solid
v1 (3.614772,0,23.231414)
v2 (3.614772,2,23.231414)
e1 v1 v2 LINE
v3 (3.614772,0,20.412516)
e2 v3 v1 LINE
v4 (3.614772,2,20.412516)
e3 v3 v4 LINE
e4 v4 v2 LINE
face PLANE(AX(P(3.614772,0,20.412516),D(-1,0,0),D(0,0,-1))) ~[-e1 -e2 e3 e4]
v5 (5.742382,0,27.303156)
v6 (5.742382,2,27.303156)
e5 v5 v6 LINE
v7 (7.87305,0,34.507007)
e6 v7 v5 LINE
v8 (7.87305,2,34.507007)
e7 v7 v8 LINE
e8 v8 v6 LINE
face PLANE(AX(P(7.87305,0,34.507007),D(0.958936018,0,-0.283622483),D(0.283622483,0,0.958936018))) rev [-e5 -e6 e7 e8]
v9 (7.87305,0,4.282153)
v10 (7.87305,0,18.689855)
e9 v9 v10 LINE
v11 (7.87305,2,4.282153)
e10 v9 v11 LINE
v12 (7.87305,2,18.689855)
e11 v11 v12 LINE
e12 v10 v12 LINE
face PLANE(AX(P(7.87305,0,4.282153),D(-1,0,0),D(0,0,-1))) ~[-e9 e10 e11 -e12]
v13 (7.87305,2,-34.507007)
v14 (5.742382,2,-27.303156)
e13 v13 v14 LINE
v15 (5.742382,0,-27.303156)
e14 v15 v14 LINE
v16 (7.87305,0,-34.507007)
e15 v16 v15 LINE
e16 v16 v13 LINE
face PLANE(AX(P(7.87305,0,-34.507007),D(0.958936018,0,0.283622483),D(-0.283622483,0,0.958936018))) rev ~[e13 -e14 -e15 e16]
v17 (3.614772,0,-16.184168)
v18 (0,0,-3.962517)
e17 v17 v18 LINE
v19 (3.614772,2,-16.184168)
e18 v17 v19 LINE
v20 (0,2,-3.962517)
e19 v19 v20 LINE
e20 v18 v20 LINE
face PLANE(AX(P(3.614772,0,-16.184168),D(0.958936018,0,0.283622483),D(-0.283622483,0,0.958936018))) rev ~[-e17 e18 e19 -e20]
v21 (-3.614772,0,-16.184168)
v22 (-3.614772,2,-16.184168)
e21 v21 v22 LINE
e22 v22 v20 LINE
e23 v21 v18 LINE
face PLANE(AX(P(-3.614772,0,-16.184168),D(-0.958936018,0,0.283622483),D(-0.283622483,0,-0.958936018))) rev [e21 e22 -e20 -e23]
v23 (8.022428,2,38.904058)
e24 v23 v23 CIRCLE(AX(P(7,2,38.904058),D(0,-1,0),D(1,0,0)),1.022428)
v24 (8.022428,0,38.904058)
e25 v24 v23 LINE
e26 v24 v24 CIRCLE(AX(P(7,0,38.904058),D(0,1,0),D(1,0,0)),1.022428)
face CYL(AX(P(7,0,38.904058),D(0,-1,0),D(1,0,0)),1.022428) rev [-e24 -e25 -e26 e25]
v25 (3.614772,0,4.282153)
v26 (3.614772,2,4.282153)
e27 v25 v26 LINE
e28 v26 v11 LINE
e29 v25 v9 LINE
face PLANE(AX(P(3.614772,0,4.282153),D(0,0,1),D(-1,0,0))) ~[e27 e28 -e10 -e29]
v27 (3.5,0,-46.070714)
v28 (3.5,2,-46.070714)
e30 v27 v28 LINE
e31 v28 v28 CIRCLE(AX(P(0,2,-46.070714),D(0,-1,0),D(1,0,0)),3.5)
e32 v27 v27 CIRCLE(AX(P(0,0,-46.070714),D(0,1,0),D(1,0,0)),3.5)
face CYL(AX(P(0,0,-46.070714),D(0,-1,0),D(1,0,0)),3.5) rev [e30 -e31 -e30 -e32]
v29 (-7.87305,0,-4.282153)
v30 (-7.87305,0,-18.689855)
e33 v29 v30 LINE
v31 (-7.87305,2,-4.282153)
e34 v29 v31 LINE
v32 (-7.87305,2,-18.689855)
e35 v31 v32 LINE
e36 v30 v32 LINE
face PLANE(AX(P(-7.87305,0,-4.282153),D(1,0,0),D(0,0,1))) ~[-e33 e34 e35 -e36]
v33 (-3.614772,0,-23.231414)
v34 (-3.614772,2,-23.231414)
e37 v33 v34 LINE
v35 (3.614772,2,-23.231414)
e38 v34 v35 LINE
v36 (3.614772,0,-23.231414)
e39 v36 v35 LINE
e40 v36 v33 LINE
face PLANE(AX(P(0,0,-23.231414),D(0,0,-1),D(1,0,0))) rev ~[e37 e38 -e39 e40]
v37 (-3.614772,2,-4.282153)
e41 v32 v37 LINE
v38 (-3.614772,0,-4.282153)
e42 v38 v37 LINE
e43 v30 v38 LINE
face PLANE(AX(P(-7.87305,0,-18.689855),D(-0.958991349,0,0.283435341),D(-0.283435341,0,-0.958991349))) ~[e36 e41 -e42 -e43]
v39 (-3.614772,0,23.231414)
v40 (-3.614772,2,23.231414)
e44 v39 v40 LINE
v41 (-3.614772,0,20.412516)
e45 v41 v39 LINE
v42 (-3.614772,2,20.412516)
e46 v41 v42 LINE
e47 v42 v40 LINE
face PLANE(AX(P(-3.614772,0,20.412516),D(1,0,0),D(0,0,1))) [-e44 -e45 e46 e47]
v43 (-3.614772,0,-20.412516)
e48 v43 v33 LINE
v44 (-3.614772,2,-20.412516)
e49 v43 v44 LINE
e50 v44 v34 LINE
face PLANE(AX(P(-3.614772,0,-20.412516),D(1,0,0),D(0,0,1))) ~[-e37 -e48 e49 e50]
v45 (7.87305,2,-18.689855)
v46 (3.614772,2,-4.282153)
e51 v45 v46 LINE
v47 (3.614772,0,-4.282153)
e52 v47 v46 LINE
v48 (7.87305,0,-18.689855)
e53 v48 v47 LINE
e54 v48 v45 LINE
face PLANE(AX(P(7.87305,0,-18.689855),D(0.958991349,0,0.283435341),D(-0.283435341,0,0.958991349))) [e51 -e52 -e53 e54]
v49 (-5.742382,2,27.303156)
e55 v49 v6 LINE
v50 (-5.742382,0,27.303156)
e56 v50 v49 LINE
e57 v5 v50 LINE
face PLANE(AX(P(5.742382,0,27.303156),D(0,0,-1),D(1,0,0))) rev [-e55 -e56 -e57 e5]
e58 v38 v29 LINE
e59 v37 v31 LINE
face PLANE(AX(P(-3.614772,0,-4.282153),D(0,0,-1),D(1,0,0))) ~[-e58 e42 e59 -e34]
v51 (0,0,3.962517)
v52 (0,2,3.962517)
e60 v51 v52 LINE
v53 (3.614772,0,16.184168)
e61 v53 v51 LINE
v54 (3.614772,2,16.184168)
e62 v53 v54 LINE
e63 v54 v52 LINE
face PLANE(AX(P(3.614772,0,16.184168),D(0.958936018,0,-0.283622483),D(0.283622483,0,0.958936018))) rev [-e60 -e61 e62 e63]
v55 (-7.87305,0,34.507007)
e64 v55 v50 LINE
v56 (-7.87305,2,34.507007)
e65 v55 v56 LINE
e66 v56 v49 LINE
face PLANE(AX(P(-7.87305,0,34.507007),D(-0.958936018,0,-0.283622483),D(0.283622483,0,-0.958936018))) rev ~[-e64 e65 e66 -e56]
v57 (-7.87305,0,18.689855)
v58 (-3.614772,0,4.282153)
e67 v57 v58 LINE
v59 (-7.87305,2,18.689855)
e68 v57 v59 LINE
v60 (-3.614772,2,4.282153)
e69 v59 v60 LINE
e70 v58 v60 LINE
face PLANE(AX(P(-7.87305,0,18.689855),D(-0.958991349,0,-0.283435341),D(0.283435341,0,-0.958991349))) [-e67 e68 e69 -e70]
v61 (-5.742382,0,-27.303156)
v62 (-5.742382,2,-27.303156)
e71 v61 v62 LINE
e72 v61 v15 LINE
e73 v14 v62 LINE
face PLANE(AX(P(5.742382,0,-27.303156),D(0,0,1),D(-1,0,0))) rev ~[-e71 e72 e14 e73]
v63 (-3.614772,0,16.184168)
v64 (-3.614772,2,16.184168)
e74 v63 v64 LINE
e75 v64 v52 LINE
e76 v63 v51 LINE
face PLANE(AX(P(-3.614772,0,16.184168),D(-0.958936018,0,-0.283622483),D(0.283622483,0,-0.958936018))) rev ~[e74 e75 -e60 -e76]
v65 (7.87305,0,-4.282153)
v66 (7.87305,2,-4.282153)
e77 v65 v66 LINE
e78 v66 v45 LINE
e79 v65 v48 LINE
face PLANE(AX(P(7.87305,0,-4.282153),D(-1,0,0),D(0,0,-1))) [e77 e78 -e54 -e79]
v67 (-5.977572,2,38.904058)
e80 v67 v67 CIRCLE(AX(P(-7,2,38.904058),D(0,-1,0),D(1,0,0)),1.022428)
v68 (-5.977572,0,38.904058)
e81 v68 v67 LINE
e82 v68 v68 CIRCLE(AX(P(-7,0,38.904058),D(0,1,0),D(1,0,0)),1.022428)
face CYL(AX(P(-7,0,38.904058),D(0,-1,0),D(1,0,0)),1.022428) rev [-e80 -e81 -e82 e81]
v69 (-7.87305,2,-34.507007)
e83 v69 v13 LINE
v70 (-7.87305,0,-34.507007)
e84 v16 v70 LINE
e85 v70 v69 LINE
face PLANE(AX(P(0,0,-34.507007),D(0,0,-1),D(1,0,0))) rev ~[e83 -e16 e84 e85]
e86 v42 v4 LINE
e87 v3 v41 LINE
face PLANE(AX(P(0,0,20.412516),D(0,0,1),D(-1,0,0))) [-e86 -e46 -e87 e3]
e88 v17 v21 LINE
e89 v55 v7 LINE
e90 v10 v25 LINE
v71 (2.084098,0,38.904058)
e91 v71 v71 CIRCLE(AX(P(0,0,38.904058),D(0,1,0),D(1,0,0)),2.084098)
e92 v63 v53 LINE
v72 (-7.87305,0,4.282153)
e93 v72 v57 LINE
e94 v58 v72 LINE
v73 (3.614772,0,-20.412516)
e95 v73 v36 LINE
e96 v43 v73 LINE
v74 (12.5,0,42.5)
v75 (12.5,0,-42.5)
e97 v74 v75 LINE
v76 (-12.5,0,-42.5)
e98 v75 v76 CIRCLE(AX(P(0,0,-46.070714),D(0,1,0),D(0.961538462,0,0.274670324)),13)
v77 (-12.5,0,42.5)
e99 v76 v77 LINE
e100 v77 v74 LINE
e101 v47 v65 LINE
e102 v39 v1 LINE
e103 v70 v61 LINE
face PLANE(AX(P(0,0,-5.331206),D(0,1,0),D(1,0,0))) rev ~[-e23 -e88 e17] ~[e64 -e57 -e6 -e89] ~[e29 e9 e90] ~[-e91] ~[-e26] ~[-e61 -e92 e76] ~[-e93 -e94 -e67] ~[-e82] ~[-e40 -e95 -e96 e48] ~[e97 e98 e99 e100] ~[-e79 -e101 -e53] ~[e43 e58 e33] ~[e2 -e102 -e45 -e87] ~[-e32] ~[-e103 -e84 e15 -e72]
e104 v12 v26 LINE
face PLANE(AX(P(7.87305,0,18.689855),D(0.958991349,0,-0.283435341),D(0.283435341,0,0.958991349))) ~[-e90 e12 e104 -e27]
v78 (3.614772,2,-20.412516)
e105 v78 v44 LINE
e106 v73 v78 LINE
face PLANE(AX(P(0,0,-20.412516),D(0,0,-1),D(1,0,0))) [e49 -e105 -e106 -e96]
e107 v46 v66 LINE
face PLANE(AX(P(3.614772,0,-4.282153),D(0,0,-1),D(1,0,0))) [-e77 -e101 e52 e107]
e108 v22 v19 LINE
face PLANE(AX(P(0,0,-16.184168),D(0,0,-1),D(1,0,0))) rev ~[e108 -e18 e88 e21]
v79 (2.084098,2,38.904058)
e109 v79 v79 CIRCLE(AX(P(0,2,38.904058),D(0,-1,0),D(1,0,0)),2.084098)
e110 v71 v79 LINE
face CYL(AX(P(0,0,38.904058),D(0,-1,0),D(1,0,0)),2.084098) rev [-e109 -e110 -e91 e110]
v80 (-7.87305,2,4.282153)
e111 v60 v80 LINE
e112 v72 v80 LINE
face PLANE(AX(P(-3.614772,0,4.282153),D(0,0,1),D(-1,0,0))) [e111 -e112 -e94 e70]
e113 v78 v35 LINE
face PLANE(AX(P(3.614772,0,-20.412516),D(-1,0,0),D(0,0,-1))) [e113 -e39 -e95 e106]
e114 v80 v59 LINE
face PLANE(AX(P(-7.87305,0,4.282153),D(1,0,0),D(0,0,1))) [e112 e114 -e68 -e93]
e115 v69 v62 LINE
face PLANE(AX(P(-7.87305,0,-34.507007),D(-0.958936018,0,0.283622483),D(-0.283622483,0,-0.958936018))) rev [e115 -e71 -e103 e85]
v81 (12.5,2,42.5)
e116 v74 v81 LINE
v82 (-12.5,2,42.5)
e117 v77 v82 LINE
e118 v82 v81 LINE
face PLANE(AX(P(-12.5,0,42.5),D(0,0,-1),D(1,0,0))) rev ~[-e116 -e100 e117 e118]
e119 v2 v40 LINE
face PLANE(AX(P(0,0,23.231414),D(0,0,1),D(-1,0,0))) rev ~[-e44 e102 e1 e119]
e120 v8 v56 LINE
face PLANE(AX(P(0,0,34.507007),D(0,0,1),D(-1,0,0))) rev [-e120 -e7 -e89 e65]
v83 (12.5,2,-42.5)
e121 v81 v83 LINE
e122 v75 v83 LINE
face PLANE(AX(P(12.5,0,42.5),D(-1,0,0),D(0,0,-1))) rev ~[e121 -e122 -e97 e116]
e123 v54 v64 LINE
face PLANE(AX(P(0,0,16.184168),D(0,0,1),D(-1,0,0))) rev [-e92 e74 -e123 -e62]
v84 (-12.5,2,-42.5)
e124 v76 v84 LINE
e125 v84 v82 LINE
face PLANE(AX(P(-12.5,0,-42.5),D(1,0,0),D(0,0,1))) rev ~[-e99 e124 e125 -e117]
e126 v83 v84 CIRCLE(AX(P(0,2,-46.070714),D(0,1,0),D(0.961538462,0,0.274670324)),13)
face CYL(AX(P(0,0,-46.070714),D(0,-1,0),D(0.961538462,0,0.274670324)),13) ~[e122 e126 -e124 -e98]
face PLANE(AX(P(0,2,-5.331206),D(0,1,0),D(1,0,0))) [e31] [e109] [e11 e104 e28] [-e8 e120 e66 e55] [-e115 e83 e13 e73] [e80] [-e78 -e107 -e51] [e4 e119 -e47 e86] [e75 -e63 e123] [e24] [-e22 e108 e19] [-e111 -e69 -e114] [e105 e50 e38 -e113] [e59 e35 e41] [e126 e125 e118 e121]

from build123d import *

# Parameters (mm, degrees)
BOSS_EXTRUDE1_DEPTH     = 2
SKETCH5_W               = 3.614771896
SKETCH5_H               = 2.818898279
CUT_EXTRUDE4_DEPTH      = 2
MIRROR3_COPY_1_SKETCH_W = 3.614771896
MIRROR3_COPY_1_SKETCH_H = 2.818898279
MIRROR3_COPY_1_DEPTH    = 2
SKETCH6_R               = 3.5
CUT_EXTRUDE5_DEPTH      = 3
CUT_EXTRUDE5_DEPTH_BACK = 1
CUT_EXTRUDE7_REACH      = 4
SKETCH8_R               = 2.084098117
SKETCH8_R_2             = 1.022428323


with BuildPart() as part:
    # Sketch2 → Boss-Extrude1 (new body)
    with BuildSketch(Plane(origin=(0, 0, 0), x_dir=(1, 0, 0), z_dir=(0, 1, 0))):
        with BuildLine():
            Line((-12.5, -42.5), (12.5, -42.5))
            Line((12.5, -42.5), (12.5, 42.5))
            ThreePointArc((12.5, 42.5), (0, 59.070714214), (-12.5, 42.5))
            Line((-12.5, 42.5), (-12.5, -42.5))
        make_face()
    extrude(amount=BOSS_EXTRUDE1_DEPTH)

    # Sketch5 → Cut-Extrude4 (cut)
    with BuildSketch(Plane(origin=(0, 0, 0), x_dir=(1, 0, 0), z_dir=(0, 1, 0))):
        Polygon((0, 34.507006909), (7.873050165, 34.507006909), (5.742382303, 27.303155751), (0, 27.303155751), align=None)
        with Locations((1.807385948, 21.821964654)):
            Rectangle(SKETCH5_W, SKETCH5_H)
        Polygon((0, 16.184168096), (3.614771896, 16.184168096), (0, 3.962517237), align=None)
        Polygon((7.873050165, 18.689855455), (3.614771896, 4.28215314), (7.873050165, 4.28215314), align=None)
    cut_extrude4 = extrude(amount=CUT_EXTRUDE4_DEPTH, mode=Mode.SUBTRACT)

    # Mirror1: Cut-Extrude4 across plane
    add(cut_extrude4.mirror(Plane(origin=(0, 0, 0), x_dir=(0, 0, 1), z_dir=(1, 0, 0))), mode=Mode.SUBTRACT)

    # Mirror3: Cut-Extrude4 across plane
    add(cut_extrude4.mirror(Plane.XY), mode=Mode.SUBTRACT)

    # Mirror3 copy 1 sketch → Mirror3 copy 1 (cut)
    with BuildSketch(Plane(origin=(0, 0, 0), x_dir=(-1, 0, 0), z_dir=(0, 1, 0))):
        Polygon((0, 34.507006909), (7.873050165, 34.507006909), (5.742382303, 27.303155751), (0, 27.303155751), align=None)
        with Locations((1.807385948, 21.821964654)):
            Rectangle(MIRROR3_COPY_1_SKETCH_W, MIRROR3_COPY_1_SKETCH_H)
        Polygon((0, 16.184168096), (3.614771896, 16.184168096), (0, 3.962517237), align=None)
        Polygon((7.873050165, 18.689855455), (3.614771896, 4.28215314), (7.873050165, 4.28215314), align=None)
    extrude(amount=MIRROR3_COPY_1_DEPTH, mode=Mode.SUBTRACT)

    # Sketch6 → Cut-Extrude5 (cut, two sides)
    with BuildSketch(Plane(origin=(0, 0, 0), x_dir=(1, 0, 0), z_dir=(0, 1, 0))) as cut_extrude5_sk:
        with Locations((0, 46.070714214)):
            Circle(SKETCH6_R)
    extrude(amount=CUT_EXTRUDE5_DEPTH, mode=Mode.SUBTRACT)
    extrude(cut_extrude5_sk.sketch, amount=-CUT_EXTRUDE5_DEPTH_BACK, mode=Mode.SUBTRACT)

    # Sketch8 → Cut-Extrude7 (cut, up to next)
    with BuildSketch(Plane(origin=(0, 0, 0), x_dir=(1, 0, 0), z_dir=(0, 1, 0)), mode=Mode.PRIVATE) as cut_extrude7_sk1:
        with Locations((0, -38.904058143)):
            Circle(SKETCH8_R)
    cut_extrude7_tool1 = extrude(cut_extrude7_sk1.sketch, amount=CUT_EXTRUDE7_REACH, mode=Mode.PRIVATE) & part.part
    add(cut_extrude7_tool1.solids().sort_by_distance((0, 0, 38.904058))[0], mode=Mode.SUBTRACT)
    # Sketch8 → Cut-Extrude7 (cut, up to next)
    with BuildSketch(Plane(origin=(0, 0, 0), x_dir=(1, 0, 0), z_dir=(0, 1, 0)), mode=Mode.PRIVATE) as cut_extrude7_sk2:
        with Locations((7, -38.904058143)):
            Circle(SKETCH8_R_2)
    cut_extrude7_tool2 = extrude(cut_extrude7_sk2.sketch, amount=CUT_EXTRUDE7_REACH, mode=Mode.PRIVATE) & part.part
    add(cut_extrude7_tool2.solids().sort_by_distance((7, 0, 38.904058))[0], mode=Mode.SUBTRACT)
    # Sketch8 → Cut-Extrude7 (cut, up to next)
    with BuildSketch(Plane(origin=(0, 0, 0), x_dir=(1, 0, 0), z_dir=(0, 1, 0)), mode=Mode.PRIVATE) as cut_extrude7_sk3:
        with Locations((-7, -38.904058143)):
            Circle(SKETCH8_R_2)
    cut_extrude7_tool3 = extrude(cut_extrude7_sk3.sketch, amount=CUT_EXTRUDE7_REACH, mode=Mode.PRIVATE) & part.part
    add(cut_extrude7_tool3.solids().sort_by_distance((-7, 0, 38.904058))[0], mode=Mode.SUBTRACT)


solid = part.part
